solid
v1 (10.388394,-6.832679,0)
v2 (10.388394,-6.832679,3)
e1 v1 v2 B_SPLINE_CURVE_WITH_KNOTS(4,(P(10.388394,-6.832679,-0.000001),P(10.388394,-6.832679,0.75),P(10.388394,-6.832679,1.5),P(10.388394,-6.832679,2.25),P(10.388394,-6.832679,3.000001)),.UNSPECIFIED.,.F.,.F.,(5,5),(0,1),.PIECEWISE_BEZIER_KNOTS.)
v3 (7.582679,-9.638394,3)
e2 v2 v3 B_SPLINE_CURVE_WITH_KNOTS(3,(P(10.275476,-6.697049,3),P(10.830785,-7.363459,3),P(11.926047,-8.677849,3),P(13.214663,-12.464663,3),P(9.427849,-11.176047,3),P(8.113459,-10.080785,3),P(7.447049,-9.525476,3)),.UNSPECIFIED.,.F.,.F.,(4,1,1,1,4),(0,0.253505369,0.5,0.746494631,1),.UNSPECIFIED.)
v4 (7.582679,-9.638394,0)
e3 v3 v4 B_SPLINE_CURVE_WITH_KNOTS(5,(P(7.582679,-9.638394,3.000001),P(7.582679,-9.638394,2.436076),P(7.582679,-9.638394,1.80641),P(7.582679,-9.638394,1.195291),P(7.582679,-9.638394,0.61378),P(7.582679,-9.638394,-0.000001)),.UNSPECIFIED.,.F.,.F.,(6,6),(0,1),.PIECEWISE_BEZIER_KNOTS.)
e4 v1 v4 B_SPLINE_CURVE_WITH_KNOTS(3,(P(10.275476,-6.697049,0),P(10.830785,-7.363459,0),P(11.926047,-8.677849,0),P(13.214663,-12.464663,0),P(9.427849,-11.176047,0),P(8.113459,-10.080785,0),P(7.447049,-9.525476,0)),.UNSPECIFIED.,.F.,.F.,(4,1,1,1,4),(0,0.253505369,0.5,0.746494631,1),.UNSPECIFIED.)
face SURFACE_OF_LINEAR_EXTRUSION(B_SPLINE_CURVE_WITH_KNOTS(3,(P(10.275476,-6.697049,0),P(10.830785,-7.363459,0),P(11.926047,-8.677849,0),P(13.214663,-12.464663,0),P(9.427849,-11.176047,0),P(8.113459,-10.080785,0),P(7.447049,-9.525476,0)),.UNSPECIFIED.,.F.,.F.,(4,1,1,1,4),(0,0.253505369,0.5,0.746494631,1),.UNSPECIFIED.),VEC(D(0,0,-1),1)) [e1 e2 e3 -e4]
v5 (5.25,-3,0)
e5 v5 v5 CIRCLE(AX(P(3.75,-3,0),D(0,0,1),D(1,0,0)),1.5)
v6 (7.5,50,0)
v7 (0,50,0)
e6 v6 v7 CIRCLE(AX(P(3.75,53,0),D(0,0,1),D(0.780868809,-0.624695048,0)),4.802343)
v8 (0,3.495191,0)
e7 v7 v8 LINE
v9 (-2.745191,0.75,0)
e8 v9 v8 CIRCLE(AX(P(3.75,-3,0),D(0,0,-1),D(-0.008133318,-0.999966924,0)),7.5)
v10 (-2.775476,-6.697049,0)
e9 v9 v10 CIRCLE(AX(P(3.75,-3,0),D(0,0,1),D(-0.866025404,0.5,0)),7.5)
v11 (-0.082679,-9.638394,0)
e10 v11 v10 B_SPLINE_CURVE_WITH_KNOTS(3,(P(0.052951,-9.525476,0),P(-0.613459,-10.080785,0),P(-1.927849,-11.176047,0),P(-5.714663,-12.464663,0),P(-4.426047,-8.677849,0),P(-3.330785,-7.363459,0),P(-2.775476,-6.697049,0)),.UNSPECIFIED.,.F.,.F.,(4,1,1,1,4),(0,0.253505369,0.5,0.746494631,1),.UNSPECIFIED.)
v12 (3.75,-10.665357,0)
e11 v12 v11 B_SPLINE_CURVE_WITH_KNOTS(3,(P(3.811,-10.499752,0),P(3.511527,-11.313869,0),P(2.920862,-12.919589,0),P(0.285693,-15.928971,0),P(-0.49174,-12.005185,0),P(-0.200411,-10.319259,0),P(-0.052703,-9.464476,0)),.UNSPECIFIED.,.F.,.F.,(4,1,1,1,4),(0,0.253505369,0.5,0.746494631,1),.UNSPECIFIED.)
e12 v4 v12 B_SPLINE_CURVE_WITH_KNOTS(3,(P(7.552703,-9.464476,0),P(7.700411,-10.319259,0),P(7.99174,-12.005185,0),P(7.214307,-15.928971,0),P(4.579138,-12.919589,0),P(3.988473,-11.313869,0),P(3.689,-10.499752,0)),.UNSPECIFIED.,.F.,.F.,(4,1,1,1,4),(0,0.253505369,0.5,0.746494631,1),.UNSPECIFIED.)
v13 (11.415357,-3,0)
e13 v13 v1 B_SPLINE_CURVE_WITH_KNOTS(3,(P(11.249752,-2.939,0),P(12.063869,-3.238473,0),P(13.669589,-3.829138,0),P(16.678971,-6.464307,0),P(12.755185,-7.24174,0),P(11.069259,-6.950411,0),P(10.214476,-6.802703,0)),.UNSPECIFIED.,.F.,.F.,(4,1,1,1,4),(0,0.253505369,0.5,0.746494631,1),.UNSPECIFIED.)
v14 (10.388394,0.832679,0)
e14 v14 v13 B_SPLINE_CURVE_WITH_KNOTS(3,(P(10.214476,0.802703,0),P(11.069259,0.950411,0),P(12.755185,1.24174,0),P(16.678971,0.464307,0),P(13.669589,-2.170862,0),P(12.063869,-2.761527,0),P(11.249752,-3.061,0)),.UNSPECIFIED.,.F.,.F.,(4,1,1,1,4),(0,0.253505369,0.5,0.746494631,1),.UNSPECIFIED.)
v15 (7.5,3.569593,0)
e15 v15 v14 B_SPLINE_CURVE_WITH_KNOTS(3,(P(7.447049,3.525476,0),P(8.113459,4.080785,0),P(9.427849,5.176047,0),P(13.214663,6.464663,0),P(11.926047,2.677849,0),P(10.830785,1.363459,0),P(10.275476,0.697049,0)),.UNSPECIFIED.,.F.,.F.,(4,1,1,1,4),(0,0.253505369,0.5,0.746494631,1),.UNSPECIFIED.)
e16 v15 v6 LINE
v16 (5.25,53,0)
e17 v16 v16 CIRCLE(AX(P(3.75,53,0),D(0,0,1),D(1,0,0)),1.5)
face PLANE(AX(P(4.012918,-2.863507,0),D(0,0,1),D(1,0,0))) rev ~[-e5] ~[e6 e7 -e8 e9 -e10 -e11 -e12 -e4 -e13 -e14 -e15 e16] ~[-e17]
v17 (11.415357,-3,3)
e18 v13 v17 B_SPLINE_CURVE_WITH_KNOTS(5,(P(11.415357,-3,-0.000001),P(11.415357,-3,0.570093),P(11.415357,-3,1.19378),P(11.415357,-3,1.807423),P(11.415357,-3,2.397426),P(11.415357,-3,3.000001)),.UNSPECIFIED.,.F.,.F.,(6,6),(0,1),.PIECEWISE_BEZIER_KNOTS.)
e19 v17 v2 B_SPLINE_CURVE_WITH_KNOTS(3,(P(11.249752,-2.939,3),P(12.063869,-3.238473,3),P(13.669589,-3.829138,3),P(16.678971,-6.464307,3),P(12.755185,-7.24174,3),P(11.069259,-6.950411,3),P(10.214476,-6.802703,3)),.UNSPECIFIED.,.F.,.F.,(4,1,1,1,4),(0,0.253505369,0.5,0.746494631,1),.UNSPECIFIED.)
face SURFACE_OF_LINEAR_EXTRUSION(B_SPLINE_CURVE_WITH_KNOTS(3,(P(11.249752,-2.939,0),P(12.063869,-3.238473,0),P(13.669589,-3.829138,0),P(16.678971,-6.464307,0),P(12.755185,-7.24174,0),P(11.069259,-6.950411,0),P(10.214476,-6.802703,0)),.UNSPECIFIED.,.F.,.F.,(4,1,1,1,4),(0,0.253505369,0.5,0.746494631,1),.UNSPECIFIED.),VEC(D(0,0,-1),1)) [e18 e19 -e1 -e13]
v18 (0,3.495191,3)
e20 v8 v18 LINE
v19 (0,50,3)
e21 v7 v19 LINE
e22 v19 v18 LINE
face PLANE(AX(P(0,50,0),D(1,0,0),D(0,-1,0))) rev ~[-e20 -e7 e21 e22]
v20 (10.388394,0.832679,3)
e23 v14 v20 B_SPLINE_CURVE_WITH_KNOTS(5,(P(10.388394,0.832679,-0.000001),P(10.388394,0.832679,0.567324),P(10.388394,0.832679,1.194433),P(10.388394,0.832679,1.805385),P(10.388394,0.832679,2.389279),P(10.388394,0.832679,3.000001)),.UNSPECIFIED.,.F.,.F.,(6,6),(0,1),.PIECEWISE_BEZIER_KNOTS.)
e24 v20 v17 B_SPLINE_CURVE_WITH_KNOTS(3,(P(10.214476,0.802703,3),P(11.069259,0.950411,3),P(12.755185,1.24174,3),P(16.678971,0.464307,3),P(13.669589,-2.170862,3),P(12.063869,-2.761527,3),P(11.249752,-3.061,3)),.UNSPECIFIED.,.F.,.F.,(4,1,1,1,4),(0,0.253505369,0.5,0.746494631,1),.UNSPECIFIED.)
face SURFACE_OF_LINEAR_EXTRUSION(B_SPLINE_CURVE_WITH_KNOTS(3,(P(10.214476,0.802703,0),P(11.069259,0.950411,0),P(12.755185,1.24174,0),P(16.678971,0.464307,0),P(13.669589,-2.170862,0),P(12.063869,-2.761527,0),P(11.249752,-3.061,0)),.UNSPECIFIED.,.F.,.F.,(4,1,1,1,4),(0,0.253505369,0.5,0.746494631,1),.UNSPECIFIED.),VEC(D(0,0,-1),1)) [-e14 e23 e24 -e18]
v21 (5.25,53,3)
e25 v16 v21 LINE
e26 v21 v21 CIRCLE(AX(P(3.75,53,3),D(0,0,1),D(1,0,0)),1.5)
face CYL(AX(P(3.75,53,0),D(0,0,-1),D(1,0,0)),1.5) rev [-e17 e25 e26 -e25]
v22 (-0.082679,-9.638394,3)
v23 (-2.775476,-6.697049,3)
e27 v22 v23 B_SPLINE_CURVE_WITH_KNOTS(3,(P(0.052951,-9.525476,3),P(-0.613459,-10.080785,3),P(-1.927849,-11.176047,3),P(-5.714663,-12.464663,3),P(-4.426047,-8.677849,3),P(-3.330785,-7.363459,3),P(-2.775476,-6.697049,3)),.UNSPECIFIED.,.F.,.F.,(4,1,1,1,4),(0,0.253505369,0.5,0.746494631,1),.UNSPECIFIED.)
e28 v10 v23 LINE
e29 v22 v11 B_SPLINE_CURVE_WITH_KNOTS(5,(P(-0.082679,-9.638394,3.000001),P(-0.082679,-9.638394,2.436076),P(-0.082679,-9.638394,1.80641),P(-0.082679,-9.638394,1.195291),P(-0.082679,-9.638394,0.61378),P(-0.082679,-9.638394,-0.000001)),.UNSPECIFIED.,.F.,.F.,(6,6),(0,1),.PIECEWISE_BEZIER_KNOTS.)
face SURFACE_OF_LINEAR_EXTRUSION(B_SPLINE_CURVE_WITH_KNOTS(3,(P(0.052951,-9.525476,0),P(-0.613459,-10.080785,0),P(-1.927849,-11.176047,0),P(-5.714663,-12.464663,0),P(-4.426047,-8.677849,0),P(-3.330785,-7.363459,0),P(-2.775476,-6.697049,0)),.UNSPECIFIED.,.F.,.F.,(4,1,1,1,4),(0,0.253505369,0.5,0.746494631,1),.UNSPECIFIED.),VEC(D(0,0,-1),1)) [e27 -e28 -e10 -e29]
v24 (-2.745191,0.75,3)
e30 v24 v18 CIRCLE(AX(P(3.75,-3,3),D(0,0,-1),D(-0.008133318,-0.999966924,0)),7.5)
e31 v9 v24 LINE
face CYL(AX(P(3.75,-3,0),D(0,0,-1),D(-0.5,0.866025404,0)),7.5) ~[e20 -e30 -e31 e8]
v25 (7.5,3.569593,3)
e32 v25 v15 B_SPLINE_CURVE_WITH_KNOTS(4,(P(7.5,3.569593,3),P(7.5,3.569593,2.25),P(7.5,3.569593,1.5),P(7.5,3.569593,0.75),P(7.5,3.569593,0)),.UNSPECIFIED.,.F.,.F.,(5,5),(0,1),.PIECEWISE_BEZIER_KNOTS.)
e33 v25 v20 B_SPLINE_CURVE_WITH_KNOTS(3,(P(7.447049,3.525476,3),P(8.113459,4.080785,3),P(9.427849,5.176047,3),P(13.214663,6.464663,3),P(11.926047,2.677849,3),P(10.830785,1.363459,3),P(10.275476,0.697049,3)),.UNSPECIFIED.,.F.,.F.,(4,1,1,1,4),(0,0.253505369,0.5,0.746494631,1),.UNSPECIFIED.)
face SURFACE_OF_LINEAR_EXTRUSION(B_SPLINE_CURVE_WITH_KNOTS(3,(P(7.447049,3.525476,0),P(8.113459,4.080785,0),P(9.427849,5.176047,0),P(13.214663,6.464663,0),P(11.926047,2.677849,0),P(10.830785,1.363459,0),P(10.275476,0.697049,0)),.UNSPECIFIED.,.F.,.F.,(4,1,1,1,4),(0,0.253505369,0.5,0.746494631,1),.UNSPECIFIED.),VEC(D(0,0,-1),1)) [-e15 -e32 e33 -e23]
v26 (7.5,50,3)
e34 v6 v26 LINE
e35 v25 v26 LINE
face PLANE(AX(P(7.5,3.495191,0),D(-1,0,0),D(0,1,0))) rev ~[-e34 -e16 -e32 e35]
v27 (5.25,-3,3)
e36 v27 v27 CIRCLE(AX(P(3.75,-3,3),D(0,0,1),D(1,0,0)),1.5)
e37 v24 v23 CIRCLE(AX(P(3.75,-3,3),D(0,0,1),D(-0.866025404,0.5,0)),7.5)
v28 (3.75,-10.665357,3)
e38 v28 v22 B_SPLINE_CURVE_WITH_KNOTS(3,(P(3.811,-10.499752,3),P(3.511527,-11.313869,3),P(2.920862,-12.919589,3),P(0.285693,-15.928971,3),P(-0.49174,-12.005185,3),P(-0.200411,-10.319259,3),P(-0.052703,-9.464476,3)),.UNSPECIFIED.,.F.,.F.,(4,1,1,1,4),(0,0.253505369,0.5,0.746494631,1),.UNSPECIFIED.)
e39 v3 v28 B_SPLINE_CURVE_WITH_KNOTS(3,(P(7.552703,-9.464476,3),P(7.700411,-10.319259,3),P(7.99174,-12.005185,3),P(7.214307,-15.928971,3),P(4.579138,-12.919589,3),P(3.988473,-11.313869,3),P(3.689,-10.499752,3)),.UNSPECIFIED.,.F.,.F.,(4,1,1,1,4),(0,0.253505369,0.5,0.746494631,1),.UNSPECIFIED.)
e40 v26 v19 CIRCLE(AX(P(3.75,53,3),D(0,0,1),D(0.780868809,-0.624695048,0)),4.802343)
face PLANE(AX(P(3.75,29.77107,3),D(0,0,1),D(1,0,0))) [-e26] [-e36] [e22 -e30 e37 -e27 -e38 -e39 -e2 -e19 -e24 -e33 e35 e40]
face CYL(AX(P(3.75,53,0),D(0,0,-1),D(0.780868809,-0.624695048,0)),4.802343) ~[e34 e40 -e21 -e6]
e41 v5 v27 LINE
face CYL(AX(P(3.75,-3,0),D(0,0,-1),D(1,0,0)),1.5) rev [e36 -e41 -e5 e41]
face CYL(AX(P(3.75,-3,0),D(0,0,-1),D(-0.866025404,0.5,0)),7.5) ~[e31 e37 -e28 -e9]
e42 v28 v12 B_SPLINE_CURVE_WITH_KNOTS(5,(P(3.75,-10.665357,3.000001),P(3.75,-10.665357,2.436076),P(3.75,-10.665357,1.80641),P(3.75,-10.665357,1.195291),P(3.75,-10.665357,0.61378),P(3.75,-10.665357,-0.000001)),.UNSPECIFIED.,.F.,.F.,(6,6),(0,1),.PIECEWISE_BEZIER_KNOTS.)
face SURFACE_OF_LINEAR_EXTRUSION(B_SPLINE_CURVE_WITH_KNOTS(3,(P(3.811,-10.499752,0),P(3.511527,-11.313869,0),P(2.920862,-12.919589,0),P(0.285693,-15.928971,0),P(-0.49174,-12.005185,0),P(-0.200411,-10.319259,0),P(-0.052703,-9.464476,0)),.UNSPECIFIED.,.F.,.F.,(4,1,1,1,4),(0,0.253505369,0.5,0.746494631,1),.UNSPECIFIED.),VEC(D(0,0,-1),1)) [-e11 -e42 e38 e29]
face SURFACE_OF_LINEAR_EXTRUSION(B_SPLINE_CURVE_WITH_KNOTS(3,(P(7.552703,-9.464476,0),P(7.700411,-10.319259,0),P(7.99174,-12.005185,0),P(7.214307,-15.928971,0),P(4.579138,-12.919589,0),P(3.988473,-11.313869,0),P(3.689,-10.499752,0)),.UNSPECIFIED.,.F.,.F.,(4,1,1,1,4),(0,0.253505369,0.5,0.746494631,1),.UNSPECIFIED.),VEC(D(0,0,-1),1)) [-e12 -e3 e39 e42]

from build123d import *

# Parameters (mm, degrees)
F0_R     = 1.5
F1_DEPTH = 3
F2_COUNT = 4
F2_ANGLE = 90
F3_DEPTH = 3


with BuildPart() as f1:
    # F0 (on Top) → F1 (new body)
    with BuildSketch(Plane.XY):
        with BuildLine():
            ThreePointArc((11.25, -3), (10.2451905284, 0.75), (7.5, 3.4951905284))
            ThreePointArc((7.5, 3.4951905284), (3.75, 4.5), (0, 3.4951905284))
            ThreePointArc((0, 3.4951905284), (-2.7603869175, -6.7235550465), (7.4470485127, -9.5254756374))
            ThreePointArc((7.4470485127, -9.5254756374), (9.0533008589, -8.3033008589), (10.2754756374, -6.6970485127))
            ThreePointArc((10.2754756374, -6.6970485127), (11.0022778243, -4.9116658598), (11.25, -3))
        make_face()
        with Locations((3.75, -3)):
            Circle(F0_R, mode=Mode.SUBTRACT)
        with BuildLine():
            ThreePointArc((10.2754756374, -6.6970485127), (9.0533008589, -8.3033008589), (7.4470485127, -9.5254756374))
            add(Edge.make_bspline(
                [(10.2754756374, -6.6970485127), (10.8307852997, -7.3634585229), (11.9260474334, -8.6778488518), (13.2146634909, -12.4646634909), (9.4278488518, -11.1760474334), (8.1134585229, -10.0807852997), (7.4470485127, -9.5254756374)],
                knots=[0, 0, 0, 0, 0.2535053688, 0.5, 0.7464946312, 1, 1, 1, 1], degree=3))
        make_face()
    extrude(amount=F1_DEPTH)

    # F2: F1 ×4 about axis, to both sides
    f2_axis = Axis((3.75, -3, 0), (0, 0, 1))


with BuildPart() as f1_1:
    add(f1.part)
    for i in range(1, F2_COUNT):
        add(f1.part.rotate(f2_axis, i * F2_ANGLE / (F2_COUNT - 1)))
        add(f1.part.rotate(f2_axis, -i * F2_ANGLE / (F2_COUNT - 1)))

    # F0 (on Top) → F3 (join)
    with BuildSketch(Plane.XY):
        with BuildLine():
            Line((7.5, 3.4951905284), (7.5, 50))
            ThreePointArc((7.5, 50), (3.75, 57.8023431781), (0, 50))
            Line((0, 50), (0, 3.4951905284))
            ThreePointArc((0, 3.4951905284), (3.75, 4.5), (7.5, 3.4951905284))
        make_face()
        with Locations((3.75, 53)):
            Circle(F0_R, mode=Mode.SUBTRACT)
    extrude(amount=F3_DEPTH)


solid = f1_1.part
